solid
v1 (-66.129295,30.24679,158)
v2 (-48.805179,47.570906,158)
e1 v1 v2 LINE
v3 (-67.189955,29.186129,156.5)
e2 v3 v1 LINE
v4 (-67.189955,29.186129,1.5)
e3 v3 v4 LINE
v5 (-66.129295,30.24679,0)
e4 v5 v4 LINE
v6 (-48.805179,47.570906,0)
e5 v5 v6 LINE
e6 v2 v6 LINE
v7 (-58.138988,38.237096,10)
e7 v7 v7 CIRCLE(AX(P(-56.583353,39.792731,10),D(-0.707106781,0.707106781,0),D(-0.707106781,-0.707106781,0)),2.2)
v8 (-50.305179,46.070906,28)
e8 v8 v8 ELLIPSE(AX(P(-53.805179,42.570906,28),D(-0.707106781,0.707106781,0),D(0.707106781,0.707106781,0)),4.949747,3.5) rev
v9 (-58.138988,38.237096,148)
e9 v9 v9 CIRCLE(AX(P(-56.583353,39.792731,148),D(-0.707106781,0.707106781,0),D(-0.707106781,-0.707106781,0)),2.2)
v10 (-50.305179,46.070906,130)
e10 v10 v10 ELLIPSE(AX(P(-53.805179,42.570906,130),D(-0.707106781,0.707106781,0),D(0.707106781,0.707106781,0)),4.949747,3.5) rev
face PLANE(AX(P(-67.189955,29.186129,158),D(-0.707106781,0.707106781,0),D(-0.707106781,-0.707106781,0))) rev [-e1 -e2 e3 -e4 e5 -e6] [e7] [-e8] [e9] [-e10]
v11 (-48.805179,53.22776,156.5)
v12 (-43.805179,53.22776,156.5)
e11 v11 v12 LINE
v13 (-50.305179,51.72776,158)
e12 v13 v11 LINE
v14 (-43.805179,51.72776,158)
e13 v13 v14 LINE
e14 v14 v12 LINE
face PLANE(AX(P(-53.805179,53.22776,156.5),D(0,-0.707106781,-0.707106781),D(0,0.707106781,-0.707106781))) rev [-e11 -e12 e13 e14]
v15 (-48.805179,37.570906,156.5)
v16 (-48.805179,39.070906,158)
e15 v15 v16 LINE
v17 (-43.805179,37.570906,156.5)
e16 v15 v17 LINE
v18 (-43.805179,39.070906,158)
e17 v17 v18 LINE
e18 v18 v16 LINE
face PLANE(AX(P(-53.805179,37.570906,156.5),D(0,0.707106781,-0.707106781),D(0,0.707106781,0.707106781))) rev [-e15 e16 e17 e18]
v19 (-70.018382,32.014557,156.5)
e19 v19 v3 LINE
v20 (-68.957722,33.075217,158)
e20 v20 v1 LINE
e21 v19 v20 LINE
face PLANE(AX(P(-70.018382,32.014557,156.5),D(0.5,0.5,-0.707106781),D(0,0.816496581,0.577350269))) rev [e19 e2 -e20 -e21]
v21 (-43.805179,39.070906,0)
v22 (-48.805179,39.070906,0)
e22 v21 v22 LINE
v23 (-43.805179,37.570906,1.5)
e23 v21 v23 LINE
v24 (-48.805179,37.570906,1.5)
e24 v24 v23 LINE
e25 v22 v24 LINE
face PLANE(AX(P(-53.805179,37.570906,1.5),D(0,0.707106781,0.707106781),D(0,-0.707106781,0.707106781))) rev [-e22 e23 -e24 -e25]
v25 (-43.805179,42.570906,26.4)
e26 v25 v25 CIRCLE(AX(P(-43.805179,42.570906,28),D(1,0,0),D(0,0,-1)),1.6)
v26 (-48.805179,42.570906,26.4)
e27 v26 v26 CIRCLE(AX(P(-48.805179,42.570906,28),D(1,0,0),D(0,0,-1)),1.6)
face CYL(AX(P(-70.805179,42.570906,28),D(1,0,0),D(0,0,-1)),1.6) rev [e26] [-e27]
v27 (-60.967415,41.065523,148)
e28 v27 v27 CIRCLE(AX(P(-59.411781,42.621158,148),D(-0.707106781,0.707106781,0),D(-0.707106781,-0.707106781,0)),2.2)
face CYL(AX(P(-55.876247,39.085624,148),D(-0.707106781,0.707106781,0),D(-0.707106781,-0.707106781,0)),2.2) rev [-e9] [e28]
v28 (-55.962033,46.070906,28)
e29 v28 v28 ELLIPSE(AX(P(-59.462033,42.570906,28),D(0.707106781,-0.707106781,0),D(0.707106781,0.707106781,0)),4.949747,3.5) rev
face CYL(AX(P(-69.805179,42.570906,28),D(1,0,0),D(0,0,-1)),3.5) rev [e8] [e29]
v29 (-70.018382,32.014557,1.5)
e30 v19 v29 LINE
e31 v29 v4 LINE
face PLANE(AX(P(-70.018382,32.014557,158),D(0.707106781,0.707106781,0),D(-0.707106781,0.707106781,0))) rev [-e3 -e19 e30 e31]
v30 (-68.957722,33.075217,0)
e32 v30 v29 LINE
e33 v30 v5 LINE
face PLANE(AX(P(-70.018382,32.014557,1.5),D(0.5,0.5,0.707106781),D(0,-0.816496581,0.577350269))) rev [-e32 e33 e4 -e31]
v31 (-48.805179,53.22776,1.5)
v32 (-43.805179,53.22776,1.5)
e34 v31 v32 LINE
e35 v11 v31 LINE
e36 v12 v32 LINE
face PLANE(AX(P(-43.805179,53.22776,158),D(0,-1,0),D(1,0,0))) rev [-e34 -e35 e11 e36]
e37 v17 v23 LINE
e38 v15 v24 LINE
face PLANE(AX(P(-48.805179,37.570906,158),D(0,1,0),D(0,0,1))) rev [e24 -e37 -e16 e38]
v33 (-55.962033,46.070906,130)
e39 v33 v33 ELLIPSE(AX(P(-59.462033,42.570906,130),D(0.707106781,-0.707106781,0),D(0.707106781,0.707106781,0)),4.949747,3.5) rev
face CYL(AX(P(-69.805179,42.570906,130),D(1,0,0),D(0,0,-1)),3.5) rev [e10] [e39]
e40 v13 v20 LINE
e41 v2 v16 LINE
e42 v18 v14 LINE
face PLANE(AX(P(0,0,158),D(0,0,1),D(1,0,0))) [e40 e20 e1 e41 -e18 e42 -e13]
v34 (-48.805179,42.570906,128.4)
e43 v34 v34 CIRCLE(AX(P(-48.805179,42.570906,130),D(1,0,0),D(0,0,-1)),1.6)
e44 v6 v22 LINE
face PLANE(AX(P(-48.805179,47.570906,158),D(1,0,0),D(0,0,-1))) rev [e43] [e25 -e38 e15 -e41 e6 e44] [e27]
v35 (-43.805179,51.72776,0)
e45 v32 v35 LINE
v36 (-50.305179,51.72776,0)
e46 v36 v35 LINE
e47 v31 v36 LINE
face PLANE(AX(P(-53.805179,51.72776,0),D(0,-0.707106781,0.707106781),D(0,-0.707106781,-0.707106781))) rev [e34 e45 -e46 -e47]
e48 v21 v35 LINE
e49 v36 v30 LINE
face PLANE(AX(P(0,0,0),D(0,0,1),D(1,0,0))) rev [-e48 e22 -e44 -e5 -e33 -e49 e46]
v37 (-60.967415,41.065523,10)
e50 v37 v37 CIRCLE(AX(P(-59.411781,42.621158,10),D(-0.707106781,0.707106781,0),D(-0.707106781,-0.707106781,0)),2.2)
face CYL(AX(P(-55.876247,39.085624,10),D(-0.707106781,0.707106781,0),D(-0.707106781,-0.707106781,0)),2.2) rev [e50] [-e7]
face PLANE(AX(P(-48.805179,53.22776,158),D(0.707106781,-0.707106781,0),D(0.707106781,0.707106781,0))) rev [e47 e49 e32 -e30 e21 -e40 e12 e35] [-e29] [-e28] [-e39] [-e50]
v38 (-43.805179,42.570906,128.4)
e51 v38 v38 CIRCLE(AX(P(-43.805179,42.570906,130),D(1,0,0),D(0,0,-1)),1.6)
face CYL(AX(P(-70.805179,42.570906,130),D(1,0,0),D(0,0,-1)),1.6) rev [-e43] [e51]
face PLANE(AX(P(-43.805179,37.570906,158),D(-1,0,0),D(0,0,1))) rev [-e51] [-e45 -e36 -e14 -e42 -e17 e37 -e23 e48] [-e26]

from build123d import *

# Parameters (mm, degrees)
EXTRUDE_1_DEPTH     = 158
SKETCH_2_R          = 1.6
CUT_EXTRUDE_1_DEPTH = 27
SKETCH_6_R          = 3.5
CUT_EXTRUDE_2_DEPTH = 21
SKETCH_7_R          = 2.2
CUT_EXTRUDE_3_DEPTH = 5
CUT_EXTRUDE_4_DEPTH = 10
CUT_EXTRUDE_5_DEPTH = 4


with BuildPart() as part:
    # 草图1 → 凸台-拉伸1 (new body)
    with BuildSketch(Plane.XY):
        Polygon((-43.805178849, 53.227759989), (-48.805178849, 53.227759989), (-70.018382284, 32.014556553), (-67.189955159, 29.186129428), (-48.805178849, 47.570905739), (-48.805178849, 37.570905739), (-43.805178849, 37.570905739), align=None)
    extrude(amount=EXTRUDE_1_DEPTH)

    # 草图2 → 切除-拉伸1 (cut)
    with BuildSketch(Plane(origin=(-43.805178849, 0, 0), x_dir=(0, 0, -1), z_dir=(1, 0, 0))):
        with Locations((-130, 42.570905739)):
            Circle(SKETCH_2_R)
        with Locations((-28, 42.570905739)):
            Circle(SKETCH_2_R)
    extrude(amount=-CUT_EXTRUDE_1_DEPTH, mode=Mode.SUBTRACT)

    # 草图6 → 切除-拉伸2 (cut)
    with BuildSketch(Plane.ZY.offset(48.805178849)):
        with Locations(Location((130, 42.570905739, 0), (0, 0, 90))):
            Circle(SKETCH_6_R)
        with Locations(Location((28, 42.570905739, 0), (0, 0, 90))):
            Circle(SKETCH_6_R)
    extrude(amount=CUT_EXTRUDE_2_DEPTH, mode=Mode.SUBTRACT)

    # 草图7 → 切除-拉伸3 (cut)
    with BuildSketch(Plane(origin=(-51.016469419, 51.016469419, 0), x_dir=(0.7071067811865521, 0.707106781186543, 0), z_dir=(-0.707106781186543, 0.7071067811865521, 0))):
        with Locations(Location((-11.872762886, -148, 0), (0, 0, 180))):
            Circle(SKETCH_7_R)
        with Locations(Location((-11.872762886, -10, 0), (0, 0, 180))):
            Circle(SKETCH_7_R)
    extrude(amount=-CUT_EXTRUDE_3_DEPTH, mode=Mode.SUBTRACT)

    # 草图8 → 切除-拉伸4 (cut)
    with BuildSketch(Plane(origin=(-43.805178849, 0, 0), x_dir=(0, 0, -1), z_dir=(1, 0, 0))):
        Polygon((-158, 53.227759989), (-158, 51.727759989), (-156.5, 53.227759989), align=None)
        Polygon((0, 53.227759989), (-1.5, 53.227759989), (0, 51.727759989), align=None)
        Polygon((-158, 39.070905739), (-158, 37.570905739), (-156.5, 37.570905739), align=None)
        Polygon((0, 37.570905739), (0, 39.070905739), (-1.5, 37.570905739), align=None)
    extrude(amount=-CUT_EXTRUDE_4_DEPTH, mode=Mode.SUBTRACT)

    # 草图9 → 切除-拉伸5 (cut)
    with BuildSketch(Plane(origin=(-48.188042294, 48.188042294, 0), x_dir=(0, 0, -1), z_dir=(0.7071067811865477, -0.7071067811865474, 0))):
        Polygon((-158, -26.872762886), (-158, -25.372762886), (-156.5, -26.872762886), align=None)
        Polygon((0, -26.872762886), (0, -25.372762886), (-1.5, -26.872762886), align=None)
    extrude(amount=-CUT_EXTRUDE_5_DEPTH, mode=Mode.SUBTRACT)


solid = part.part
